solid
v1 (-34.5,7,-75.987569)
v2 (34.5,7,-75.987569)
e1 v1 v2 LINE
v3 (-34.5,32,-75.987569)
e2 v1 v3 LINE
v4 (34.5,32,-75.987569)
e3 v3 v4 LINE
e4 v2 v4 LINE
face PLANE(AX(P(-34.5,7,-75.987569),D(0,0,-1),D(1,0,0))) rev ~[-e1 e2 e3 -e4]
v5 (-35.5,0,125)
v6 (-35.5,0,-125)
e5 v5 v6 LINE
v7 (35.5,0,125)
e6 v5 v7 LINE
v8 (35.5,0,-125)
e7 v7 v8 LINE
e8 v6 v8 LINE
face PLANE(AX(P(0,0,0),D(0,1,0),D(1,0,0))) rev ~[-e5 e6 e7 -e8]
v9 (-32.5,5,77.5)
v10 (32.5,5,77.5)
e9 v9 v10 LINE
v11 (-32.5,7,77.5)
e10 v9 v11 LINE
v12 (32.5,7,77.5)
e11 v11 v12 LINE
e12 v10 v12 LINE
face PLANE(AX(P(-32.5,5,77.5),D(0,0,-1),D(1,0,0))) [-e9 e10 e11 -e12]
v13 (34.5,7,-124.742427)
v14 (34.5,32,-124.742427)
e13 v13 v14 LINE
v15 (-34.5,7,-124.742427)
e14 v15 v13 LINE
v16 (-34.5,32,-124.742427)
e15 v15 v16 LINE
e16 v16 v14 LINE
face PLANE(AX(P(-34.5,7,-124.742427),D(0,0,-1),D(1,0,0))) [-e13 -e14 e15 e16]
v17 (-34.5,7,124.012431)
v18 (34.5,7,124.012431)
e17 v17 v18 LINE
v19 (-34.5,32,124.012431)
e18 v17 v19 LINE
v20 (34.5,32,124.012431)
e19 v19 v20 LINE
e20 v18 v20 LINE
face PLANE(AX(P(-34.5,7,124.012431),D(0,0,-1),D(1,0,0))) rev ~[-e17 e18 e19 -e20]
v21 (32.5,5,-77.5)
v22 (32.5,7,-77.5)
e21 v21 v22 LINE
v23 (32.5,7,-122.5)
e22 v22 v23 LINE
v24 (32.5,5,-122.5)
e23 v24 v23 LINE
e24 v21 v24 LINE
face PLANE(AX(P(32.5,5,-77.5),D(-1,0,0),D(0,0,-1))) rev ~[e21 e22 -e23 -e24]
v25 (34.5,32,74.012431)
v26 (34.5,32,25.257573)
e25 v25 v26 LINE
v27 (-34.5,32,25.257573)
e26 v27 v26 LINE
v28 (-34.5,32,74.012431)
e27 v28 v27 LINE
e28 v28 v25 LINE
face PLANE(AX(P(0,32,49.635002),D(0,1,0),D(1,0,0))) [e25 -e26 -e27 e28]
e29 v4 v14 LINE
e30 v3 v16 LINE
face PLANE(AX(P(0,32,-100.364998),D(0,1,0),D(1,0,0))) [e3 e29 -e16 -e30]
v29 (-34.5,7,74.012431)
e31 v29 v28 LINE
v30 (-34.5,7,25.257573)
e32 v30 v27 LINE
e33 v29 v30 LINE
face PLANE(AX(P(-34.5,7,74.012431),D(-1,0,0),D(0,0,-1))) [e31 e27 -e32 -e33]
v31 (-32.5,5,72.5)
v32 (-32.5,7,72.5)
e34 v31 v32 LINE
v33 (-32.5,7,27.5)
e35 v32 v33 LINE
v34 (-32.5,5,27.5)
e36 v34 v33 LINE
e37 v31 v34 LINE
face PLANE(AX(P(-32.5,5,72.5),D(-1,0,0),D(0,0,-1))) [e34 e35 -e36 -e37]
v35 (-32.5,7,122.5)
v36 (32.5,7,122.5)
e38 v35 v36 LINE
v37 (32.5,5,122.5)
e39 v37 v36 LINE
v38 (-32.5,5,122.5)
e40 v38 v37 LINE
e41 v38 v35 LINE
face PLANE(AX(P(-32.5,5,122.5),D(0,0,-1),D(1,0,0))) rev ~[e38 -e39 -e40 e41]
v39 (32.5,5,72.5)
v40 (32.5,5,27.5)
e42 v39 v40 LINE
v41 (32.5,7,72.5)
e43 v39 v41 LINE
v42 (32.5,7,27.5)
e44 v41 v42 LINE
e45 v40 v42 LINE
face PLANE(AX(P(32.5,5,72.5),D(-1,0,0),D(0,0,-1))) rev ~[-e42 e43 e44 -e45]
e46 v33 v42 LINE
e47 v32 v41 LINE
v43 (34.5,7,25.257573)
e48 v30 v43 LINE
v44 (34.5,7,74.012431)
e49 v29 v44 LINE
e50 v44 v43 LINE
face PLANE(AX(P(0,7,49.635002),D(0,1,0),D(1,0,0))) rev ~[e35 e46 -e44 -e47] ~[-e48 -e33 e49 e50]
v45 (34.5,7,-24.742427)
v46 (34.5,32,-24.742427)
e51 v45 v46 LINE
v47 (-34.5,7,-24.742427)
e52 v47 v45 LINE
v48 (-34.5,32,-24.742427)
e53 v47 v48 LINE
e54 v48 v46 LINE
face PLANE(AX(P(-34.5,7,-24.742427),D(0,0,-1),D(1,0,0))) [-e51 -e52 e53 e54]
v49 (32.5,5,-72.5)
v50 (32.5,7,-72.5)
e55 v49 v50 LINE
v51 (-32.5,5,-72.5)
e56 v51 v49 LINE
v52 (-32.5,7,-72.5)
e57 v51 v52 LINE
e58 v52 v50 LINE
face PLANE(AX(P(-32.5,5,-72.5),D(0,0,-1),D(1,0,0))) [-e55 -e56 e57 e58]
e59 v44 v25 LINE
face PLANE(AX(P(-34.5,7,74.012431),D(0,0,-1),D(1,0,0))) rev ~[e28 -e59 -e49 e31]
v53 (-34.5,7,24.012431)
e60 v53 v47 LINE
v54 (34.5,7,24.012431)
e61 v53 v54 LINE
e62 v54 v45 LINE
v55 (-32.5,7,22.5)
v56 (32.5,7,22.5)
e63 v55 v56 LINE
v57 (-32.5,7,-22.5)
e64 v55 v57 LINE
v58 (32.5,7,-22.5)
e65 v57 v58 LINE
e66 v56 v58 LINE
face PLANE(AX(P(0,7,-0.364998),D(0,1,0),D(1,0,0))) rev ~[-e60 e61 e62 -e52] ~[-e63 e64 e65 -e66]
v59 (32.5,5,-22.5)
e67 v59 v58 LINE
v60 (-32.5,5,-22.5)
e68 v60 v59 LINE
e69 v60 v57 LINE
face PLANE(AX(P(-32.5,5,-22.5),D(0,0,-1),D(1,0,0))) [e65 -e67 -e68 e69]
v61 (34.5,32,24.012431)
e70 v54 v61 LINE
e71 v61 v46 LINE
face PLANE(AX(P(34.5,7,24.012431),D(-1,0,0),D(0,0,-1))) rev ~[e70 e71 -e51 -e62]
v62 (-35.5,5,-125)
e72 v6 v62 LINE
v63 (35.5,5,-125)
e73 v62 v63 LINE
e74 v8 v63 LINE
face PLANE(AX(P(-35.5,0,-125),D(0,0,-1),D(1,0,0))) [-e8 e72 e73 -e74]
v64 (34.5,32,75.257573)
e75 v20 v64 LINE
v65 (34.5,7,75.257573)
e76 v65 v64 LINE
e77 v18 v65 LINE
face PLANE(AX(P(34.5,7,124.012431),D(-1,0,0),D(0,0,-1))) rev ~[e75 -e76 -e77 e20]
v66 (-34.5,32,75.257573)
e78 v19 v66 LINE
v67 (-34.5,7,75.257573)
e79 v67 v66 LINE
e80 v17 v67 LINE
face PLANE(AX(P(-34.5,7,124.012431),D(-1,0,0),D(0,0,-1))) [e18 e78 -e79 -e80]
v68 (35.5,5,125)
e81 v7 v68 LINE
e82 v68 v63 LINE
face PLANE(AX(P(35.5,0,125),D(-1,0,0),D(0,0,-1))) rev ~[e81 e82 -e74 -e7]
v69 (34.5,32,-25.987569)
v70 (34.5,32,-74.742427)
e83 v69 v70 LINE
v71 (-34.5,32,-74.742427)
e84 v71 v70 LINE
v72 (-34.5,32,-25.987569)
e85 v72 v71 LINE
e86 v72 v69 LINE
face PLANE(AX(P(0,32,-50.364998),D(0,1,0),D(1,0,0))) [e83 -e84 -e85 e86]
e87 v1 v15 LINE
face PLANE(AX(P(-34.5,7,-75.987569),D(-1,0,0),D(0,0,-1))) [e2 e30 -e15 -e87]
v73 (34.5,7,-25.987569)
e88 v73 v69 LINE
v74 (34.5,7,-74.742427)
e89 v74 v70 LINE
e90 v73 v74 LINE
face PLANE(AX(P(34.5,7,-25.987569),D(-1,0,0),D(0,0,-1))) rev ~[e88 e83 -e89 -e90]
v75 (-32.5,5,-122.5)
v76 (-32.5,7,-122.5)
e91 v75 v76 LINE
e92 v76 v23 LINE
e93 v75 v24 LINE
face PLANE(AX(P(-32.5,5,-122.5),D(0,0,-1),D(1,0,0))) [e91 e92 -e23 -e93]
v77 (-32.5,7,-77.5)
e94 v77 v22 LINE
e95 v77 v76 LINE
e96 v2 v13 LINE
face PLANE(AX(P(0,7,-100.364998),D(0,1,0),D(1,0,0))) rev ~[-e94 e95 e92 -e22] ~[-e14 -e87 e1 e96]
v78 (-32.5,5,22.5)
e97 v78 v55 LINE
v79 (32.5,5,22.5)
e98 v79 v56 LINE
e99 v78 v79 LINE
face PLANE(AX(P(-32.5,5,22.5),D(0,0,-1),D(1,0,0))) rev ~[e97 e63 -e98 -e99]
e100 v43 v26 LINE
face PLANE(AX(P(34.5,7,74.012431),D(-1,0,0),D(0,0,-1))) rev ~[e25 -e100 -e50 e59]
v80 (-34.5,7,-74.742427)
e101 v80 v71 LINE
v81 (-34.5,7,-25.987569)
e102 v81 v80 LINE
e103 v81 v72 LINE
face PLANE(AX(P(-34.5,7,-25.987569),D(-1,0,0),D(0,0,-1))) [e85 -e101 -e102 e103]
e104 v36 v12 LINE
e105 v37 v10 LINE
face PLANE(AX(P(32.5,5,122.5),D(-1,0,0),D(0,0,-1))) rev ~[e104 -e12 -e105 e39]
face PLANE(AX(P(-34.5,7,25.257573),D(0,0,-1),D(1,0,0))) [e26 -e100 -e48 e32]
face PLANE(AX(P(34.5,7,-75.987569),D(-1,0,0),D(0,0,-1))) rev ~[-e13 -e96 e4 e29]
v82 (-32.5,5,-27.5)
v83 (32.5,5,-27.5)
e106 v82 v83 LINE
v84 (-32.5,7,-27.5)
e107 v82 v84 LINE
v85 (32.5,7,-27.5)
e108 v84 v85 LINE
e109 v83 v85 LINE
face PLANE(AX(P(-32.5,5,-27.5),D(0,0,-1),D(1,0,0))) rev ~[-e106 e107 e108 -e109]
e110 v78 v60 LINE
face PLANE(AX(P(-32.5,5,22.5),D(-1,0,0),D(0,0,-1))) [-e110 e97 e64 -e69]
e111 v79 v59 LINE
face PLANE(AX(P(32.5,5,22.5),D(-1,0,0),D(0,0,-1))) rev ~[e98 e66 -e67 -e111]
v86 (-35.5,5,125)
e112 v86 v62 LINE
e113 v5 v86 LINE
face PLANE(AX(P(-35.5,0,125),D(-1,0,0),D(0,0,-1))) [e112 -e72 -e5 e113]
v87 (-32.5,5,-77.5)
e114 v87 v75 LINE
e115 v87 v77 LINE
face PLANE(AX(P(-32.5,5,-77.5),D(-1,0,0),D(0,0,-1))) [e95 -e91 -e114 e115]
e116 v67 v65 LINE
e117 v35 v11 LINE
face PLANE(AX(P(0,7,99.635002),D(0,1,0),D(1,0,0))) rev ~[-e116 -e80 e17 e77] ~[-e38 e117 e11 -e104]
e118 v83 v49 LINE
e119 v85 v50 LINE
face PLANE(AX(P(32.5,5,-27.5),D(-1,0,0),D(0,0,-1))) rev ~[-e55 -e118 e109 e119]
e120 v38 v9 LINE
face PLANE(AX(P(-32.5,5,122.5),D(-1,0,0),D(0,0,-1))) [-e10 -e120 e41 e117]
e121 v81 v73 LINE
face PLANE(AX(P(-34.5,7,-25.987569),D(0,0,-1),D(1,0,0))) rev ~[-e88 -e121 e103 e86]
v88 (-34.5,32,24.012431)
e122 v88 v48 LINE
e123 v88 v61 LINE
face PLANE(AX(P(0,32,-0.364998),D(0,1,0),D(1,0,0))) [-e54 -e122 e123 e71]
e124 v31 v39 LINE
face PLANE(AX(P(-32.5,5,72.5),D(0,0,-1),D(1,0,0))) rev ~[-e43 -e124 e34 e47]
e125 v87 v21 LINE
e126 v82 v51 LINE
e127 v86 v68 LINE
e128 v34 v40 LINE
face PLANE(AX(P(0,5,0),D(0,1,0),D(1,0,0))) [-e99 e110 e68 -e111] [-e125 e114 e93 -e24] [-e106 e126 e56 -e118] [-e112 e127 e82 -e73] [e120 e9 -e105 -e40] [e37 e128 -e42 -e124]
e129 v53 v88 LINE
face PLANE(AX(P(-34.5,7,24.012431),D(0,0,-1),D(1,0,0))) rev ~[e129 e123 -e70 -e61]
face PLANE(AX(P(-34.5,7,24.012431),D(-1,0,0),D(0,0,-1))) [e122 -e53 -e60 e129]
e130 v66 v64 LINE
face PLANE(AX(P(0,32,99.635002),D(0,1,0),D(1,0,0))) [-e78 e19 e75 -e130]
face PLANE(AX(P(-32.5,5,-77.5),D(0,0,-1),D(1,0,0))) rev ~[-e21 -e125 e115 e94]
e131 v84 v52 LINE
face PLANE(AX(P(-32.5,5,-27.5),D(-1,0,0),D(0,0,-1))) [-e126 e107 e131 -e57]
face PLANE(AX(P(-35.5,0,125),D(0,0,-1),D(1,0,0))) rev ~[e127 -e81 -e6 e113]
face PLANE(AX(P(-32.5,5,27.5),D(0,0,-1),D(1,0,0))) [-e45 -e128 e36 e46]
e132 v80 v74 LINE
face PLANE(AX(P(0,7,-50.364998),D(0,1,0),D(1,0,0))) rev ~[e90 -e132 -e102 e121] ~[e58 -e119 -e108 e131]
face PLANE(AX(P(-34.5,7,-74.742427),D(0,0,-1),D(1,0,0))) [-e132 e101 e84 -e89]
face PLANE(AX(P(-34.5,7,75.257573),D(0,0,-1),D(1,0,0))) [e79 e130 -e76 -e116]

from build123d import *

# Parameters (mm, degrees)
SKETCH1_W           = 71
SKETCH1_H           = 250
BOSS_EXTRUDE1_DEPTH = 5
SKETCH2_W           = 65
SKETCH2_H           = 45
BOSS_EXTRUDE3_DEPTH = 2
LPATTERN1_COUNT     = 5
LPATTERN1_PITCH     = 50
SKETCH3_W           = 69
SKETCH3_H           = 48.754858224
BOSS_EXTRUDE8_DEPTH = 25
LPATTERN5_COUNT     = 5
LPATTERN5_PITCH     = 50


with BuildPart() as part:
    # Sketch1 → Boss-Extrude1 (new body)
    with BuildSketch(Plane(origin=(0, 0, 0), x_dir=(1, 0, 0), z_dir=(0, 1, 0))):
        Rectangle(SKETCH1_W, SKETCH1_H)
    extrude(amount=BOSS_EXTRUDE1_DEPTH)

    # Sketch2 → Boss-Extrude3 (add)
    with BuildSketch(Plane(origin=(0, 5, 0), x_dir=(1, 0, 0), z_dir=(0, 1, 0))):
        with Locations((0, -100)):
            Rectangle(SKETCH2_W, SKETCH2_H)
    boss_extrude3 = extrude(amount=BOSS_EXTRUDE3_DEPTH)

    # LPattern1: Boss-Extrude3 ×5
    with Locations(*[(0, 0, -i * LPATTERN1_PITCH) for i in range(1, LPATTERN1_COUNT)]):
        add(boss_extrude3)

    # Sketch3 → Boss-Extrude8 (add)
    with BuildSketch(Plane(origin=(0, 7, 0), x_dir=(1, 0, 0), z_dir=(0, 1, 0))):
        with Locations((0, -99.635002086)):
            Rectangle(SKETCH3_W, SKETCH3_H)
    boss_extrude8 = extrude(amount=BOSS_EXTRUDE8_DEPTH)

    # LPattern5: Boss-Extrude8 ×5
    with Locations(*[(0, 0, -i * LPATTERN5_PITCH) for i in range(1, LPATTERN5_COUNT)]):
        add(boss_extrude8)


solid = part.part
